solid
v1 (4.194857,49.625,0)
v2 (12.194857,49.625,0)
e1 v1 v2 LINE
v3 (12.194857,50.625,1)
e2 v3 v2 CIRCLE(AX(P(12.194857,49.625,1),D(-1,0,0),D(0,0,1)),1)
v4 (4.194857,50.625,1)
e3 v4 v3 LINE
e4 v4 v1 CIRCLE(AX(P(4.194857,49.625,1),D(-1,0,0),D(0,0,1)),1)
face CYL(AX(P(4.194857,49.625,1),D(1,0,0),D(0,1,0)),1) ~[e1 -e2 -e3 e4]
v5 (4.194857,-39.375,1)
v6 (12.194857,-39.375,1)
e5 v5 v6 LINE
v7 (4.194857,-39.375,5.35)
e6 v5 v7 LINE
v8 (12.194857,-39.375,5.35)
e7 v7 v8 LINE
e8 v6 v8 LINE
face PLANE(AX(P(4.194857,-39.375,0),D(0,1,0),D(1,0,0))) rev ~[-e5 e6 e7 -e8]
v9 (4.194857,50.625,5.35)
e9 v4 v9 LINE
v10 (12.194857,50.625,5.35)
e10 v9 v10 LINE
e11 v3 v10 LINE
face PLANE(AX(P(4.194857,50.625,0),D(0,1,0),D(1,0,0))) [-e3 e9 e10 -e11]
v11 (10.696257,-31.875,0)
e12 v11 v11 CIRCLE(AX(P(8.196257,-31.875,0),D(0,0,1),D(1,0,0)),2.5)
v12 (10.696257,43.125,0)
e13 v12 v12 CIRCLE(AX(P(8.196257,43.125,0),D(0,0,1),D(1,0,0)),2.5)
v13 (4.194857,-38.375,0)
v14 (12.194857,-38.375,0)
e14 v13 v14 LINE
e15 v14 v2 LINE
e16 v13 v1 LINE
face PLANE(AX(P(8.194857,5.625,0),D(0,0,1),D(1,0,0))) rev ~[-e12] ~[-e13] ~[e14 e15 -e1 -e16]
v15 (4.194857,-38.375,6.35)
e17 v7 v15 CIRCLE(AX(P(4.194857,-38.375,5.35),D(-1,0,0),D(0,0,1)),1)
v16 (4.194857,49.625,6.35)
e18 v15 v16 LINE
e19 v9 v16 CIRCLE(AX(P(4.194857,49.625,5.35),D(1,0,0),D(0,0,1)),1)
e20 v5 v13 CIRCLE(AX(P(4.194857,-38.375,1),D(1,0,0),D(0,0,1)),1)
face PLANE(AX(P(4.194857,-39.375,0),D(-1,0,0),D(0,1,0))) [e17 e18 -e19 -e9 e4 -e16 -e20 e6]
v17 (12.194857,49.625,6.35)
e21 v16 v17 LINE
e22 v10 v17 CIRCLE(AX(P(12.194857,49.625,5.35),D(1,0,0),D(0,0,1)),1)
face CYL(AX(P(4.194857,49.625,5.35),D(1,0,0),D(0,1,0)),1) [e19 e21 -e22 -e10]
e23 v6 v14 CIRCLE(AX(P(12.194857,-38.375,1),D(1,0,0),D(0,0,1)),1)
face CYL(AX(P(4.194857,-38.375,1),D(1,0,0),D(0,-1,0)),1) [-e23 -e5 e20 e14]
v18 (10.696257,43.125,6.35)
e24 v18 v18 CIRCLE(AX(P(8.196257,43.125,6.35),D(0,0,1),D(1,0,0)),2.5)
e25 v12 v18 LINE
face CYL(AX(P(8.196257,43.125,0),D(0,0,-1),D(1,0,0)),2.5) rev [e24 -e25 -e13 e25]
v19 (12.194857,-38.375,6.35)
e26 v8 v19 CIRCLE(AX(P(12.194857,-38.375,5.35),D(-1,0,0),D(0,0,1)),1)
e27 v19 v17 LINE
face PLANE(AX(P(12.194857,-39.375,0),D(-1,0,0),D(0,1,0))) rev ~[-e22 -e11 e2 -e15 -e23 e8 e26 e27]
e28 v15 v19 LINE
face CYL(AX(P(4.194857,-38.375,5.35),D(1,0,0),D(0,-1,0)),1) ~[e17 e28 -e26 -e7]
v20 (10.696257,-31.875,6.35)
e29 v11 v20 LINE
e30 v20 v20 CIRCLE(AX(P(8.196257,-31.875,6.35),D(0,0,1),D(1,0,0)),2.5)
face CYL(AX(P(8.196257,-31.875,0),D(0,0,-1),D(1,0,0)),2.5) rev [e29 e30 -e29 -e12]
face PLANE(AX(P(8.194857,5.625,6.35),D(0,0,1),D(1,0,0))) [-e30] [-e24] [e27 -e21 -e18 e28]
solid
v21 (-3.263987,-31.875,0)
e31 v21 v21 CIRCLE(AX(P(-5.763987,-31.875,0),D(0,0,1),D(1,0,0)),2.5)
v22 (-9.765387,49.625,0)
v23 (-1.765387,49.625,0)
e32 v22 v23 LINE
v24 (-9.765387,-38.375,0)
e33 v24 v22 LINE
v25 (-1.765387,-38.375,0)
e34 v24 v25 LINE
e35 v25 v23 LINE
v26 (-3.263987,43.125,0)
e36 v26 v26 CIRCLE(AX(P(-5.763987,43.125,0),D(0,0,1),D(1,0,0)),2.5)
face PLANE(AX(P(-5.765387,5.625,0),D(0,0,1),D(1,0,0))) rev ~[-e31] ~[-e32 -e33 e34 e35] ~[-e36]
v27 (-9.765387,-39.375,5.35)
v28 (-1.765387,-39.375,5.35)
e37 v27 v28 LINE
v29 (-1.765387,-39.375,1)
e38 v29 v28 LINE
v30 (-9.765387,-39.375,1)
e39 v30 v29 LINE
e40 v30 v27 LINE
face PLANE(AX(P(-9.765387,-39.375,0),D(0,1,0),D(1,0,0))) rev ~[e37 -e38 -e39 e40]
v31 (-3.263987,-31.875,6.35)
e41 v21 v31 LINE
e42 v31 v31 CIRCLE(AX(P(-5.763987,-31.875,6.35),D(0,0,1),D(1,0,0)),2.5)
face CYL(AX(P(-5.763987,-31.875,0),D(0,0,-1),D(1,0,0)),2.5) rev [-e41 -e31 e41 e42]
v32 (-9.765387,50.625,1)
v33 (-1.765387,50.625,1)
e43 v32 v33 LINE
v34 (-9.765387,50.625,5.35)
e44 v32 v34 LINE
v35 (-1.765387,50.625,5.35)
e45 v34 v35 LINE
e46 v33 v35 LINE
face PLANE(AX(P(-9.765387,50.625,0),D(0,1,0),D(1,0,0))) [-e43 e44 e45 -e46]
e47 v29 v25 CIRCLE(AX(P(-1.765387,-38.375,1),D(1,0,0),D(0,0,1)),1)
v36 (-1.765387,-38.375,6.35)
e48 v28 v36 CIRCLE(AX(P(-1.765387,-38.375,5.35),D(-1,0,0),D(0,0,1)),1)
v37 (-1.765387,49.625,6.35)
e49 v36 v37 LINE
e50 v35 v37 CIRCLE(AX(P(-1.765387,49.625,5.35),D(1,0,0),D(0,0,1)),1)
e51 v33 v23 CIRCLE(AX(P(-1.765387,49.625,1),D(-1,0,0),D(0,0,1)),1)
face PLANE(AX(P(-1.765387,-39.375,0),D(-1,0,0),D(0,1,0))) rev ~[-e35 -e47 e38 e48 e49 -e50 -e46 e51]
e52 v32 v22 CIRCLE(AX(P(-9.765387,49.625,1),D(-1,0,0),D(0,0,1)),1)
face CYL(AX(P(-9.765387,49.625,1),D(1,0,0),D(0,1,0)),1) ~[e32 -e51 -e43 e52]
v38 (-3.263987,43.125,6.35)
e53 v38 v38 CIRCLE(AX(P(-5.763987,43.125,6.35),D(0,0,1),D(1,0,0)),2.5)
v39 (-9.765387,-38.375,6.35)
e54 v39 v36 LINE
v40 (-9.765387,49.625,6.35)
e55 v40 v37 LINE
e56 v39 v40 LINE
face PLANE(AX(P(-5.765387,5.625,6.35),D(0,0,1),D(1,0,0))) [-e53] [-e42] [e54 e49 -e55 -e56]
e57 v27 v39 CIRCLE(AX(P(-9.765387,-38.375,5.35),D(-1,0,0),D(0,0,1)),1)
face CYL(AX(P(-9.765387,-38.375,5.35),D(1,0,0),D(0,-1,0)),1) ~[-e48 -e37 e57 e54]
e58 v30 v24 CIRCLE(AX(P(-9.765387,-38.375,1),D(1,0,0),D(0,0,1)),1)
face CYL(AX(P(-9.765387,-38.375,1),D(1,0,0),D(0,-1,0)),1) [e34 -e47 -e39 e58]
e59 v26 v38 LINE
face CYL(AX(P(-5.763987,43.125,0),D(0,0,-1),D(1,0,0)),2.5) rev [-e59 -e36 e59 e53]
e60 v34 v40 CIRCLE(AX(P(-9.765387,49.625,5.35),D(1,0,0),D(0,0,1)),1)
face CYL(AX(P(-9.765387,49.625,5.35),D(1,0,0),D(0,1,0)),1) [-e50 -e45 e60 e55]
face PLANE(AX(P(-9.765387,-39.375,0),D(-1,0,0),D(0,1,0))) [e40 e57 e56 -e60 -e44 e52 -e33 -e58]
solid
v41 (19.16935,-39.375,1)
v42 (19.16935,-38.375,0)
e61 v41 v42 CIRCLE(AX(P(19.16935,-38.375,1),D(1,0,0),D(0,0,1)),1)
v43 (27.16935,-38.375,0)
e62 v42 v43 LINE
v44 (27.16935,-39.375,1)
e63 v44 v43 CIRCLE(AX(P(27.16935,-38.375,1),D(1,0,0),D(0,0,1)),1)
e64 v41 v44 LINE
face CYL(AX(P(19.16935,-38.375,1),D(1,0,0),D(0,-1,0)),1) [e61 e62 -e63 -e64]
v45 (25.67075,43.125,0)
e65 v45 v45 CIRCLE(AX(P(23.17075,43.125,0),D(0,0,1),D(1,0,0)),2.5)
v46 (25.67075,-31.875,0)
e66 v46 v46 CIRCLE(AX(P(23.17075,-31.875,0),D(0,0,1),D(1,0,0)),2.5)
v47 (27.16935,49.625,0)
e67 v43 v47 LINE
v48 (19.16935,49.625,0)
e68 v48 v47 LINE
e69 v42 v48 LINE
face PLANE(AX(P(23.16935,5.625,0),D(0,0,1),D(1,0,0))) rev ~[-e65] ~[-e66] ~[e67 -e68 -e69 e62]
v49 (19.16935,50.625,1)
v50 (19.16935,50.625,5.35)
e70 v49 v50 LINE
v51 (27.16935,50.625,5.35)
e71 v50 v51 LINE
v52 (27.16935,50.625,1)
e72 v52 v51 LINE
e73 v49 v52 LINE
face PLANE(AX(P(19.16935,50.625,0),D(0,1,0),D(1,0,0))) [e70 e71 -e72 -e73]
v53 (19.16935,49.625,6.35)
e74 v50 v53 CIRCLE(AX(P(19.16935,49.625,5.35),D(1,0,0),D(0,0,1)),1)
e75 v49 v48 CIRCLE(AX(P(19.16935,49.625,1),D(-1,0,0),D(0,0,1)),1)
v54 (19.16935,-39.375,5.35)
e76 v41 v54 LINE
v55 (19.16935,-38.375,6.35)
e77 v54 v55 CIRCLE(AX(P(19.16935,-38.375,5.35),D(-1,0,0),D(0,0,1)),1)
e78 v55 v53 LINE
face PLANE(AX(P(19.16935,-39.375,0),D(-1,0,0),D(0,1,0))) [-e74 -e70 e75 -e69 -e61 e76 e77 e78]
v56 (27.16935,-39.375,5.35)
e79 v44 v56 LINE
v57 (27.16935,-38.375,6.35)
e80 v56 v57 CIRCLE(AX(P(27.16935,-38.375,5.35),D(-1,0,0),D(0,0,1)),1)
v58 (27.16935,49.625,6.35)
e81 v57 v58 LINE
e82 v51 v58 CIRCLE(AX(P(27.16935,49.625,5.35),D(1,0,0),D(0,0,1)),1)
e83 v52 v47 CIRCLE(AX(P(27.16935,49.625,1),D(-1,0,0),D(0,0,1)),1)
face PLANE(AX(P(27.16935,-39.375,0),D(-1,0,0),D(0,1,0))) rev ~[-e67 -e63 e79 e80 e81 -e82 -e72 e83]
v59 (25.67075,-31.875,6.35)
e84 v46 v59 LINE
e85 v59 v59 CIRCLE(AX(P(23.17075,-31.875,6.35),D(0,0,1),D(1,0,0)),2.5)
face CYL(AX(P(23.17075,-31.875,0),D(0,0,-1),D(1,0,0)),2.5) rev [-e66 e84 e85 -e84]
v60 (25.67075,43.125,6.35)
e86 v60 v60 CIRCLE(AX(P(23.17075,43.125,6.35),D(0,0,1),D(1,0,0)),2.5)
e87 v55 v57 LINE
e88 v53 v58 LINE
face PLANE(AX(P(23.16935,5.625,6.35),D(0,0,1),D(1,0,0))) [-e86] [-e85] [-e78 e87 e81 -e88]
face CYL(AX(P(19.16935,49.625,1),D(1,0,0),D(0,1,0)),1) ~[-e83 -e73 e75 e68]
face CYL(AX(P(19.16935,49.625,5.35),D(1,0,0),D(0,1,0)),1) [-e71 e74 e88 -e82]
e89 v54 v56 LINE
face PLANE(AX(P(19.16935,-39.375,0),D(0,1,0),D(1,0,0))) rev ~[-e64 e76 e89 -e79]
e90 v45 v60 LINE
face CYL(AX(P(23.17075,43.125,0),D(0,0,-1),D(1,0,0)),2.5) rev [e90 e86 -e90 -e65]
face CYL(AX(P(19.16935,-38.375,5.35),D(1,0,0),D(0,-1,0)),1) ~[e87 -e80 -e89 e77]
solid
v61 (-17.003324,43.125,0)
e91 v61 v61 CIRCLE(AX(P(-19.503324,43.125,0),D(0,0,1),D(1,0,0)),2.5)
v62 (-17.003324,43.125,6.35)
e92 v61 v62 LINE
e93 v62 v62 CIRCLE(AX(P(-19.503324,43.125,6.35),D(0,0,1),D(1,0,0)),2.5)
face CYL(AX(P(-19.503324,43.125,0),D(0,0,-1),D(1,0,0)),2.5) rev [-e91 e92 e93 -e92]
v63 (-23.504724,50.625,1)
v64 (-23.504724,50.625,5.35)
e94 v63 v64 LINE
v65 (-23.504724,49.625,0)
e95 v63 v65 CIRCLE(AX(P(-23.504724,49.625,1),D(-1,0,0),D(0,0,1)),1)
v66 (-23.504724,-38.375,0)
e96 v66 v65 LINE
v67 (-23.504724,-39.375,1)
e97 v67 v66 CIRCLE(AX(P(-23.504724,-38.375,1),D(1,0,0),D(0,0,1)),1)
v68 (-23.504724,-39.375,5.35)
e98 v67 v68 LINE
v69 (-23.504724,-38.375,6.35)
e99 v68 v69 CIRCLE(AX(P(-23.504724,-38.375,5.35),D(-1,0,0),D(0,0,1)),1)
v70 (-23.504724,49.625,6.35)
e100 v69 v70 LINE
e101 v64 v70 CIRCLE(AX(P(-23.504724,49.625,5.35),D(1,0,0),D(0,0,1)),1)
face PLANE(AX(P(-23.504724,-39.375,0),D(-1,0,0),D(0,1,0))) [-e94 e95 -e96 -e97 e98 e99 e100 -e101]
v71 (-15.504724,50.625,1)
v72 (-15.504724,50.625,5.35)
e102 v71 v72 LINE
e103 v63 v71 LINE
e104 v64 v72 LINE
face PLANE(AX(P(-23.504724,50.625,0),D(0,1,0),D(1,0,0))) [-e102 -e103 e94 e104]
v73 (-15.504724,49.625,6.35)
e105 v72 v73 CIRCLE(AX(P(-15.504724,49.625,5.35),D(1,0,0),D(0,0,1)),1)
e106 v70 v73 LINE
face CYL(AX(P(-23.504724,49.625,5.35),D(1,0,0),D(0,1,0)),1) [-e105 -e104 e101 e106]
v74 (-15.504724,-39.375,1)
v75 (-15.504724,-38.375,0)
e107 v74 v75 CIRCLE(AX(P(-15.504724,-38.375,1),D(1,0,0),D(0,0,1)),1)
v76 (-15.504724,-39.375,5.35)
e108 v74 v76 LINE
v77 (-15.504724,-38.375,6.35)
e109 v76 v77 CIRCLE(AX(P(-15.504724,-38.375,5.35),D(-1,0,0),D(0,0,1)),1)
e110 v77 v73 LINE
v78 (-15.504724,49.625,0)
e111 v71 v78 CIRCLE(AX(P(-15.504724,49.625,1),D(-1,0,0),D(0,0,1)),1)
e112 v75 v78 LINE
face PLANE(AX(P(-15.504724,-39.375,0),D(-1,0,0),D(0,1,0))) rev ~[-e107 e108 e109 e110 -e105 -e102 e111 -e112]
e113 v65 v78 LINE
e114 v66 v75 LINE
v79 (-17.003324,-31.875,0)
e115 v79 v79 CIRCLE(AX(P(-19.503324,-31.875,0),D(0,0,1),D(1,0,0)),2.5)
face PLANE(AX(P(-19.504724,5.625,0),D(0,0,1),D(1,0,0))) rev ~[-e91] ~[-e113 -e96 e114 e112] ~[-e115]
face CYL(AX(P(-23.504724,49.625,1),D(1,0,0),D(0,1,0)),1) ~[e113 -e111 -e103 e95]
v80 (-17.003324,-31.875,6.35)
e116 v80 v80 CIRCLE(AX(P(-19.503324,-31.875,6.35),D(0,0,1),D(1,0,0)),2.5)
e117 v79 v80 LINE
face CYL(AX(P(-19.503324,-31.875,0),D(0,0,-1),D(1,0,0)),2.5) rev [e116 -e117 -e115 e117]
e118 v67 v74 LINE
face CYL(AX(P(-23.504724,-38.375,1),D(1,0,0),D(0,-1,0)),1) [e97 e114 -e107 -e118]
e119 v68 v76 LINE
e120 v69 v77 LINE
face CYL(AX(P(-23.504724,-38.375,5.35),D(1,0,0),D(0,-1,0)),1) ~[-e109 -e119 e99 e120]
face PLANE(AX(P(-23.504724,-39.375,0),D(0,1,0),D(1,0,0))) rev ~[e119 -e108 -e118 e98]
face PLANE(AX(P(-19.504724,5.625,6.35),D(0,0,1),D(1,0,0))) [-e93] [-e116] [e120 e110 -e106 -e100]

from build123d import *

# Parameters (mm, degrees)
F0_W     = 8
F0_H     = 90
F0_R     = 2.5
F1_DEPTH = 6.35
F2_R     = 1


with BuildPart() as f1:
    # F0 (on Top) → F1 (new body)
    with BuildSketch(Plane.XY):
        with Locations((-5.765387, 5.625)):
            Rectangle(F0_W, F0_H)
        with Locations((-5.763987, -31.875)):
            Circle(F0_R, mode=Mode.SUBTRACT)
        with Locations((-5.763987, 43.125)):
            Circle(F0_R, mode=Mode.SUBTRACT)
        with Locations((8.194857, 5.625)):
            Rectangle(F0_W, F0_H)
        with Locations((8.196257, -31.875)):
            Circle(F0_R, mode=Mode.SUBTRACT)
        with Locations((8.196257, 43.125)):
            Circle(F0_R, mode=Mode.SUBTRACT)
        with Locations((-19.504724, 5.625)):
            Rectangle(F0_W, F0_H)
        with Locations((-19.503324, -31.875)):
            Circle(F0_R, mode=Mode.SUBTRACT)
        with Locations((-19.503324, 43.125)):
            Circle(F0_R, mode=Mode.SUBTRACT)
        with Locations((23.16935, 5.625)):
            Rectangle(F0_W, F0_H)
        with Locations((23.17075, -31.875)):
            Circle(F0_R, mode=Mode.SUBTRACT)
        with Locations((23.17075, 43.125)):
            Circle(F0_R, mode=Mode.SUBTRACT)
    extrude(amount=F1_DEPTH)

    # F2
    f2_edges = [f1.edges().sort_by_distance(p)[0] for p in [
        (-19.504724, 50.625, 6.35),
        (-5.765387, 50.625, 6.35),
        (8.194857, 50.625, 6.35),
        (23.16935, 50.625, 6.35),
        (23.16935, -39.375, 6.35),
        (8.194857, -39.375, 6.35),
        (-5.765387, -39.375, 6.35),
        (-19.504724, -39.375, 6.35),
        (-19.504724, -39.375, 0),
        (-5.765387, -39.375, 0),
        (8.194857, -39.375, 0),
        (23.16935, -39.375, 0),
        (-19.504724, 50.625, 0),
        (-5.765387, 50.625, 0),
        (8.194857, 50.625, 0),
        (23.16935, 50.625, 0),
    ]]
    fillet(f2_edges, radius=F2_R)


solid = f1.part
